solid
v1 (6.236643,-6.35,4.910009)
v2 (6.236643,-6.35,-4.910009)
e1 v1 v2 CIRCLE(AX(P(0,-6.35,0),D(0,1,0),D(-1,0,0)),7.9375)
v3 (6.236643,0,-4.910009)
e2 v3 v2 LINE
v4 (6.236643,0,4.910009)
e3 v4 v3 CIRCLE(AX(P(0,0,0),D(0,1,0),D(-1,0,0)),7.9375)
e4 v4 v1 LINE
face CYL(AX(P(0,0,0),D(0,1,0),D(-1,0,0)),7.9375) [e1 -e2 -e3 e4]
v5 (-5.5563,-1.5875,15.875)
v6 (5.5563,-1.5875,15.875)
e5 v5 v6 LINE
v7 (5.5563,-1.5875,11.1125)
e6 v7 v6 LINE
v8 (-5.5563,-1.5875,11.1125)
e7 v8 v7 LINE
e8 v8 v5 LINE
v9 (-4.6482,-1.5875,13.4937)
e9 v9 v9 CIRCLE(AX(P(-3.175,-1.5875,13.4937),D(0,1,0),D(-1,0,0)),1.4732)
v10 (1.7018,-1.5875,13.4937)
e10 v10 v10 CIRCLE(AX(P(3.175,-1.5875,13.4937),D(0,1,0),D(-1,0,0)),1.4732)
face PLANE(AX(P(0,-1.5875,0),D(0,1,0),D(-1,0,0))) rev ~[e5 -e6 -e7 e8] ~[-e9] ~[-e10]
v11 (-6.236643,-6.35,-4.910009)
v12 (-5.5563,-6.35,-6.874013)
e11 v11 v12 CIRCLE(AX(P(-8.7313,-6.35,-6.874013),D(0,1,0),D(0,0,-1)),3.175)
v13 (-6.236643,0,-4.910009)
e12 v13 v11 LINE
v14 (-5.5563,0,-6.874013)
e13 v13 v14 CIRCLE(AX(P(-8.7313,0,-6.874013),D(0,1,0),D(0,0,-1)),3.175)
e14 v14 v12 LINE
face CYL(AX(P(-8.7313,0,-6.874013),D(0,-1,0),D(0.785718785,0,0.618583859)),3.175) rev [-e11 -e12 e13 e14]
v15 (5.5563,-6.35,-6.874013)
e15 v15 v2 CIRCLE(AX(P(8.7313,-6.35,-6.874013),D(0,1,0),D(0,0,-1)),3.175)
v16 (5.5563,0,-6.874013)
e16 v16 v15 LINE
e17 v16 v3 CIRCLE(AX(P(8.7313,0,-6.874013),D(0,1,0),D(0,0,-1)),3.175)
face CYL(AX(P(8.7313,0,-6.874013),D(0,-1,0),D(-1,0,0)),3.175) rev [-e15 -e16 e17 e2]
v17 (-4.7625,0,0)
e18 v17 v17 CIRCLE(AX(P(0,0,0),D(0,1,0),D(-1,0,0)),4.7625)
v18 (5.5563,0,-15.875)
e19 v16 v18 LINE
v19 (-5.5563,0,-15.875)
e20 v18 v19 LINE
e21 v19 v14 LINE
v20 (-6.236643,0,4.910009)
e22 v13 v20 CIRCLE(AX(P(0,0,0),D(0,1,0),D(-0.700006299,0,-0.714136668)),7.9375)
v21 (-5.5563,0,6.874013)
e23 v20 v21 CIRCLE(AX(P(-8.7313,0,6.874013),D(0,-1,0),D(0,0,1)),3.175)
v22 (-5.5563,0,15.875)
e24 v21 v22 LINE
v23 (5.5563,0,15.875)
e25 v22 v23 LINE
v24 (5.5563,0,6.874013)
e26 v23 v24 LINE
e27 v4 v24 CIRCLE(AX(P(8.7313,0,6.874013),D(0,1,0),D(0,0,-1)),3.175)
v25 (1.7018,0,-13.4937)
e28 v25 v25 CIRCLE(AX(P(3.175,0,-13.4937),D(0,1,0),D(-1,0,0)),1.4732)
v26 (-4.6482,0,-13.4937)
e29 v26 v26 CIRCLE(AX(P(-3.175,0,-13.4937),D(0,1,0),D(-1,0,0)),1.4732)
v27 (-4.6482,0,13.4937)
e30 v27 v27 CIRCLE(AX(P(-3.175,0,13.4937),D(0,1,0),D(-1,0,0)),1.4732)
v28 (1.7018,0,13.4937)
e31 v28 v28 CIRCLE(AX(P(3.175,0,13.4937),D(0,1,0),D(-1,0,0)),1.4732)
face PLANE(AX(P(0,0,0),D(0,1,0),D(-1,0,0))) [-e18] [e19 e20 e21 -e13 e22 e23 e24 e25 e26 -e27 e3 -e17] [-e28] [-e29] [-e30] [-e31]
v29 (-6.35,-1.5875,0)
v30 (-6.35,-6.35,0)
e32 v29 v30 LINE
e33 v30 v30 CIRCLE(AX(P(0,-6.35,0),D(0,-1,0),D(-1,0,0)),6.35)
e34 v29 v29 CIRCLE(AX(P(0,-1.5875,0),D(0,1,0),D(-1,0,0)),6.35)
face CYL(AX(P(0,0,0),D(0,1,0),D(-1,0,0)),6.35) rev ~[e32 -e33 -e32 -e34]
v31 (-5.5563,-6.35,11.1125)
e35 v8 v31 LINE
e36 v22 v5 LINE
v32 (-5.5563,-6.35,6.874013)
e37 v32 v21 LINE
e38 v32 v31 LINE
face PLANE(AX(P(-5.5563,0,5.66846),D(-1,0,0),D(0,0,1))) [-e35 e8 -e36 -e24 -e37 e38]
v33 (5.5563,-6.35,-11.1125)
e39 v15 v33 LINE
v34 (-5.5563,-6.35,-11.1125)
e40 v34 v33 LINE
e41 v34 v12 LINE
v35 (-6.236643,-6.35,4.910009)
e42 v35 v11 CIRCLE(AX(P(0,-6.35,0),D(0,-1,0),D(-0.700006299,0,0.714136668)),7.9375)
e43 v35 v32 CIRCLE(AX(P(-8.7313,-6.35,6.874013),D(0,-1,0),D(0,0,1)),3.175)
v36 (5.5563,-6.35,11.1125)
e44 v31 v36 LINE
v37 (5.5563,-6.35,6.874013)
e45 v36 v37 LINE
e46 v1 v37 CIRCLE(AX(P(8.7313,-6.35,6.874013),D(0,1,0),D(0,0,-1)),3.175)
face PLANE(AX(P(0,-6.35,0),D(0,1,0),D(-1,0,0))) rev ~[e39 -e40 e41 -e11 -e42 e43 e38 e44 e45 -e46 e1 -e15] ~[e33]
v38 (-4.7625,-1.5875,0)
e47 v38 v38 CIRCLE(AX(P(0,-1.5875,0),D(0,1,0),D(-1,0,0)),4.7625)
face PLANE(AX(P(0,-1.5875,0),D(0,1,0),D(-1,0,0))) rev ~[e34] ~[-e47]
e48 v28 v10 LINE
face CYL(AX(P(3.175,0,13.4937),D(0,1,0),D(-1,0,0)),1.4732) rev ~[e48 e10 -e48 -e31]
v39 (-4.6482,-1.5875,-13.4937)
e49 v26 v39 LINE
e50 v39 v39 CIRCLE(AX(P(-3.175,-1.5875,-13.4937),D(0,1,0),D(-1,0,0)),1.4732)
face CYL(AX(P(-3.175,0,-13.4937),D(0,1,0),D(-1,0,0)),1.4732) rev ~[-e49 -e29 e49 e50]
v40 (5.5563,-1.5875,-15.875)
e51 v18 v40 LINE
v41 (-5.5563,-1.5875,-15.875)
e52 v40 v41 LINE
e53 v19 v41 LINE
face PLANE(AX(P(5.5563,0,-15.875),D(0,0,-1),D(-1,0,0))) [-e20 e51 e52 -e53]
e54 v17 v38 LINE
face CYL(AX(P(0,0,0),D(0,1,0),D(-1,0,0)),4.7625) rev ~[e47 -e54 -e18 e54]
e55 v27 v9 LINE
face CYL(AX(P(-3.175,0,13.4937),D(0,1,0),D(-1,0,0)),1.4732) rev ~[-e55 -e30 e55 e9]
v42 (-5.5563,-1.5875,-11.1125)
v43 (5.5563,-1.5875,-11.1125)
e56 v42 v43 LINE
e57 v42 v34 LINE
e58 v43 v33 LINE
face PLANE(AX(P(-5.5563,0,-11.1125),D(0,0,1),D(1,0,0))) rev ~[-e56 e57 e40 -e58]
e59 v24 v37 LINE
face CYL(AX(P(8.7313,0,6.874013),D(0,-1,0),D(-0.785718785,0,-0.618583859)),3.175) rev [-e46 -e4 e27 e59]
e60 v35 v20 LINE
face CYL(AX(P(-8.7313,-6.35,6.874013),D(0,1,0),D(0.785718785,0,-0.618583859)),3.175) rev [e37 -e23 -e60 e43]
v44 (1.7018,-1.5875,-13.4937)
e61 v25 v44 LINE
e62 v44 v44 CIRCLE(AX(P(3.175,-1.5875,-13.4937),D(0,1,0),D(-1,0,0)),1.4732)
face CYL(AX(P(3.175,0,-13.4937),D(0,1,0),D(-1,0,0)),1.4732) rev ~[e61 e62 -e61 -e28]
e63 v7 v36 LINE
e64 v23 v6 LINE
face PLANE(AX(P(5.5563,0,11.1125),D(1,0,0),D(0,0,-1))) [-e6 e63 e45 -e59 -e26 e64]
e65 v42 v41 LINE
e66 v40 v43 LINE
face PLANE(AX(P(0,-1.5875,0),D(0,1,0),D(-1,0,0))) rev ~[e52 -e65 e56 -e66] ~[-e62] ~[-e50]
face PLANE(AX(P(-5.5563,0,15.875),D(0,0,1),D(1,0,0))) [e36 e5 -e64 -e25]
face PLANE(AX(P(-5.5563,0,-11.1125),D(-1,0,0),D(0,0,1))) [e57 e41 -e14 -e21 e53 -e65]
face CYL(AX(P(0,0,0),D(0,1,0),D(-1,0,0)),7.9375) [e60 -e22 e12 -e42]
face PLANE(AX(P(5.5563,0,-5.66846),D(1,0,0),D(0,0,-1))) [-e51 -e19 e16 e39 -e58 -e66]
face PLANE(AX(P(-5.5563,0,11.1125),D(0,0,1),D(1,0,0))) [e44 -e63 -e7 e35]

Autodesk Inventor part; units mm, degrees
ref_plane "YZ Plane" through (0, 0, 0) normal (1, 0, 0) x (0, 1, 0)
ref_plane "XZ Plane" through (0, 0, 0) normal (0, 1, 0) x (-1, 0, 0)
ref_plane "XY Plane" through (0, 0, 0) normal (0, 0, 1) x (1, 0, 0)
sketch "Sketch1" plane through (0, 0, 0) normal (0, 1, 0) x (-1, 0, 0)
  circle A0 centre (0, 0) radius 6.35
  circle A1 centre (0, 0) radius 7.9375
  line L0 (5.5563, 15.875) -> (-5.5563, 15.875)
  line L1 (-5.5563, 15.875) -> (-5.5563, -15.875)
  line L2 (-5.5563, -15.875) -> (5.5563, -15.875)
  line L3 (5.5563, -15.875) -> (5.5563, 15.875)
  line L4 (5.5563, 15.875) -> (-5.5563, -15.875) construction
  line L5 (-5.5563, 15.875) -> (5.5563, -15.875) construction
  line L6 (-5.5563, 0) -> (5.5563, 0) construction
  line L7 (-5.5563, 15.875) -> (5.5563, 15.875)
  line L8 (5.5563, 15.875) -> (5.5563, 11.1125)
  line L9 (5.5563, 11.1125) -> (-5.5563, 11.1125)
  line L10 (-5.5563, 11.1125) -> (-5.5563, 15.875)
  line L11 (-5.5563, 13.4937) -> (5.5563, 13.4937) construction
  circle A2 centre (-3.175, 13.4937) radius 1.4732
  line L12 (0, 15.875) -> (0, 11.1125) construction
  circle A3 centre (3.175, 13.4937) radius 1.4732
  line L13 (5.5563, -15.875) -> (-5.5563, -15.875)
  line L14 (-5.5563, -15.875) -> (5.5563, -15.875)
  line L15 (5.5563, -15.875) -> (5.5563, -11.1125)
  line L16 (5.5563, -11.1125) -> (-5.5563, -11.1125)
  line L17 (-5.5563, -11.1125) -> (-5.5563, -15.875)
  line L18 (-5.5563, -13.4937) -> (5.5563, -13.4937) construction
  circle A4 centre (-3.175, -13.4937) radius 1.4732
  line L19 (0, -15.875) -> (0, -11.1125) construction
  circle A5 centre (3.175, -13.4937) radius 1.4732
  circle A6 centre (0, 0) radius 4.7625
  point P0 (-5.5563, 5.6685)
  point P1 (-5.5563, -5.6685)
  point P2 (5.5563, -5.6685)
  point P3 (5.5563, 5.6685)
  dimension "d0" = 12.7
  dimension "d1" = 15.875
  dimension "d2" = 11.1125
  dimension "d3" = 31.75
  dimension "d4" = 4.7625
  dimension "d5" = 2.9464
  dimension "d6" = 2.3813
  dimension "d7" = 9.525
extrude "Extrusion1" add sketch "Sketch1" against normal blind 1.5875
extrude "Extrusion2" add sketch "Sketch1" against normal blind 6.35 contours A0 L3 A1 | A0 L1 A1 L3 | L3 A1 L1 A0 | A0 L1 A1 | A1 L1 L9 L3 | L3 L16 L1 A1
fillet "Fillet1" radius 3.175 4 edges at (-5.5563, -3.175, 5.6685) (-5.5563, -3.175, -5.6685) (5.5563, -3.175, 5.6685) (5.5563, -3.175, -5.6685)
sketch "Sketch2" plane through (0, -6.35, 0) normal (0, -1, 0) x (1, 0, 0)
  circle A0 centre (0, 0) radius 6.9453
  dimension "d13" = 13.8906
properties part number "Shaft Brace" material "Aluminum 6061"
